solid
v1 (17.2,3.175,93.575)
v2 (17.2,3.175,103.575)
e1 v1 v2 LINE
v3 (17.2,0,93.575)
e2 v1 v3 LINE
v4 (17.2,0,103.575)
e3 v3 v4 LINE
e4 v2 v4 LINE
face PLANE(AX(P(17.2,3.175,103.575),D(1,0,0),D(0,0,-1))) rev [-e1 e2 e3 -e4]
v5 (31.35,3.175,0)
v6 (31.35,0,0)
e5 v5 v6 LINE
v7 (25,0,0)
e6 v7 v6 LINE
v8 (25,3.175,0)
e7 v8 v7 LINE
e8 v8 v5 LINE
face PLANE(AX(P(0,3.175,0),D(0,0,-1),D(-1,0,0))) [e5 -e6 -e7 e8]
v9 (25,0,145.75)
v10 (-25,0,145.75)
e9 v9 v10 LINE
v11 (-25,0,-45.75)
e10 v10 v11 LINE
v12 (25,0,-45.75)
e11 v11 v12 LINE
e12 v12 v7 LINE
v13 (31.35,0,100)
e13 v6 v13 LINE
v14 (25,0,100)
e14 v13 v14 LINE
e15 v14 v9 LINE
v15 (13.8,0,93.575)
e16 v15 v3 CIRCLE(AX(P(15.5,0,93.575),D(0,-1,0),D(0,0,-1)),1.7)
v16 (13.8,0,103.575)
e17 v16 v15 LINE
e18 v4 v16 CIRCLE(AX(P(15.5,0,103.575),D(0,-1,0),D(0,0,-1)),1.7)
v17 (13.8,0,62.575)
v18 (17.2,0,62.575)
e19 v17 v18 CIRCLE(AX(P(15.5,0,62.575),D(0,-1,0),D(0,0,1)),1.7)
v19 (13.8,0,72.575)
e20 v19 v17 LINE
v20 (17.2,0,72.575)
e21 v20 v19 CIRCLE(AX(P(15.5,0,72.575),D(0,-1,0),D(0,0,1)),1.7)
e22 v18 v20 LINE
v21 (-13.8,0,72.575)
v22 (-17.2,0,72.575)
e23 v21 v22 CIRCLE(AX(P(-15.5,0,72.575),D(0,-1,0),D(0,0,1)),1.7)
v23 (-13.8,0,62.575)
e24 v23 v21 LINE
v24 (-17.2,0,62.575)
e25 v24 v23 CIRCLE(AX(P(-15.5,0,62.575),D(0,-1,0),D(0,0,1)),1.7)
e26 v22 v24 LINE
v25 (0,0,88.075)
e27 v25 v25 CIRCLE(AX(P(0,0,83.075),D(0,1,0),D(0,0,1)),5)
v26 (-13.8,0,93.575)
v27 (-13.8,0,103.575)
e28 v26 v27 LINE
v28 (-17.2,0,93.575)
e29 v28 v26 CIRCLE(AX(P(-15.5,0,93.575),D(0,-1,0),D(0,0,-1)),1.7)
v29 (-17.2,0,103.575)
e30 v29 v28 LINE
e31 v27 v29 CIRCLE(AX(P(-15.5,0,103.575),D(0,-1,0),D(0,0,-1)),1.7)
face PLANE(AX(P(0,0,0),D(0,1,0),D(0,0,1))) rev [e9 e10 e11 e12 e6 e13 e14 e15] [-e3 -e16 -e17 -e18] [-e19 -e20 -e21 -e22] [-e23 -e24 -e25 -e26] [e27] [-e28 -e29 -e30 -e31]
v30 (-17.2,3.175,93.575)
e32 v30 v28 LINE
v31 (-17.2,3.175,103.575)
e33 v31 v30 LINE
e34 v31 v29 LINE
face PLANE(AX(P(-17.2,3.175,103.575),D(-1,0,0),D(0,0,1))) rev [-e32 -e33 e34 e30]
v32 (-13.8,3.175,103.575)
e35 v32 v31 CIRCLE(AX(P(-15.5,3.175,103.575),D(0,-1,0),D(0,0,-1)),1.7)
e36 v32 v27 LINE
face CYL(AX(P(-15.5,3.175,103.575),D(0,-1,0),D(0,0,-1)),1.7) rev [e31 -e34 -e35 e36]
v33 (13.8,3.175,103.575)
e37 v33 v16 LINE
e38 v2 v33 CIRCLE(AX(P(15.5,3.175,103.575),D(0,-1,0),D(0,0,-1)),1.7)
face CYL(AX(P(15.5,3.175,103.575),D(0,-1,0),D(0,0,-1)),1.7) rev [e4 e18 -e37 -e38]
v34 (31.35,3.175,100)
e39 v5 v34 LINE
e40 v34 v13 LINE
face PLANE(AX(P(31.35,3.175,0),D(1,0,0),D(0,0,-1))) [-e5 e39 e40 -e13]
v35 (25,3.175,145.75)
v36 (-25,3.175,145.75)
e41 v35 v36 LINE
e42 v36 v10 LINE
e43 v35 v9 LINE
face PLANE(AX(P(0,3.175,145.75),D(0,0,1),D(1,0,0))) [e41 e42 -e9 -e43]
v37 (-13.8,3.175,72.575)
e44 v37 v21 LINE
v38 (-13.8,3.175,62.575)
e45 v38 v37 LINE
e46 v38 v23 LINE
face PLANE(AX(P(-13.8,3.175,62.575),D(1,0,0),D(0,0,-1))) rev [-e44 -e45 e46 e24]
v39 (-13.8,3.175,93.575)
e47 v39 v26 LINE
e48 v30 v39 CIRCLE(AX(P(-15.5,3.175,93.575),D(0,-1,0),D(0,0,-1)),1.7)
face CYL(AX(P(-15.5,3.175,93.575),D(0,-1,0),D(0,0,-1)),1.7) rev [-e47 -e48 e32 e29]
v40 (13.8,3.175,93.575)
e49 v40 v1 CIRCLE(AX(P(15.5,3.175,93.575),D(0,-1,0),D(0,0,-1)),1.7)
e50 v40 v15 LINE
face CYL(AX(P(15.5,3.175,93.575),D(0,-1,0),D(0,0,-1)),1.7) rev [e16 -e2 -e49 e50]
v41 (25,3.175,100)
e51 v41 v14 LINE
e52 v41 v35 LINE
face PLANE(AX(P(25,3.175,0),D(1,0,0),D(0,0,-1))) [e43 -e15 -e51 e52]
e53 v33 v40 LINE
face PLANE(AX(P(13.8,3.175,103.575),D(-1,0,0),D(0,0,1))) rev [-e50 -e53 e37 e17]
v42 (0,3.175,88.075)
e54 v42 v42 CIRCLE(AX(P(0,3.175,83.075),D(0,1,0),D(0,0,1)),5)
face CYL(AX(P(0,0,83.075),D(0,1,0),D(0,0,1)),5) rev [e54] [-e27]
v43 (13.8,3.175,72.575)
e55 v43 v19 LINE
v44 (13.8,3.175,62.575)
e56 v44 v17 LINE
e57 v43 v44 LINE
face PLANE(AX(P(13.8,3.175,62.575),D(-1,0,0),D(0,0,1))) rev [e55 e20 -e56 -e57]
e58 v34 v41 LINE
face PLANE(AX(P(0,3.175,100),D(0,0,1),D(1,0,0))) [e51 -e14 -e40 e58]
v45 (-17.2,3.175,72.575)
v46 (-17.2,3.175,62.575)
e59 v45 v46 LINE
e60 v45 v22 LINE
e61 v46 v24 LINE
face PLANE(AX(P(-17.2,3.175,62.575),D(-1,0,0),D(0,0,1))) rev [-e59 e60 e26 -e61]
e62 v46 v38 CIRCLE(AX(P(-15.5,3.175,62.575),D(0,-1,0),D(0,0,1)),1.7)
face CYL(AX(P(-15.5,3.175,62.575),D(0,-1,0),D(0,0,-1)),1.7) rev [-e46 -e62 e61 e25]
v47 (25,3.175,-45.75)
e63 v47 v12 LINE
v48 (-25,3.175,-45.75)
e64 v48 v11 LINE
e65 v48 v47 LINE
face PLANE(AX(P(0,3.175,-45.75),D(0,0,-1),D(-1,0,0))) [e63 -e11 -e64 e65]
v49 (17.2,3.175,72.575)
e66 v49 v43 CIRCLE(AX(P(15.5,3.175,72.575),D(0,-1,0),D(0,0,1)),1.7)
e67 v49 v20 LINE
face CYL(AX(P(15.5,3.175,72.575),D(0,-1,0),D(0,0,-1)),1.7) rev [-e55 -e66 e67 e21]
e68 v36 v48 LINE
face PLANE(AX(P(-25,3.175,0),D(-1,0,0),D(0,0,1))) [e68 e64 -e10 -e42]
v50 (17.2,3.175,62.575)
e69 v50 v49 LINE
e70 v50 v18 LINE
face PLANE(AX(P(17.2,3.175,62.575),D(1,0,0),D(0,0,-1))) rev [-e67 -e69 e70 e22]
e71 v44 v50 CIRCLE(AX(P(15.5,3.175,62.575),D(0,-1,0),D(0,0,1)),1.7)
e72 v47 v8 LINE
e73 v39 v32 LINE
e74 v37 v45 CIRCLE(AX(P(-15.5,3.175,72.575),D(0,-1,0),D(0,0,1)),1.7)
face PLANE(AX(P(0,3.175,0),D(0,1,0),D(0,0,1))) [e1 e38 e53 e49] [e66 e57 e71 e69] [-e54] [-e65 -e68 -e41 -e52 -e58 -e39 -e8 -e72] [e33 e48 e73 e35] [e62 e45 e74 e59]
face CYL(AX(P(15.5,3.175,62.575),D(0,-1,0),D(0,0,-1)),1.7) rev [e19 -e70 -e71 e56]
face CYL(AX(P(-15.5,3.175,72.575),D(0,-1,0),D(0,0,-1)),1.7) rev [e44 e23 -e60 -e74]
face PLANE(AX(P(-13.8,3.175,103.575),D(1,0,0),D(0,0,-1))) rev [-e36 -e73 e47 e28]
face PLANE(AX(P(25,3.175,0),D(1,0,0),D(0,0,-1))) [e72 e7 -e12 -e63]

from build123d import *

# Parameters (mm, degrees)
BOSS_EXTRUDE1_DEPTH  = 3.175
SKETCH3_R            = 5
CUT_EXTRUDE1_DEPTH   = 150.117288149
M3_CLEARANCE_HOLE1_D = 3.4
CUT_EXTRUDE2_DEPTH   = 150.117288149


with BuildPart() as part:
    # Sketch1 → Boss-Extrude1 (new body)
    with BuildSketch(Plane(origin=(0, 0, 0), x_dir=(1, 0, 0), z_dir=(0, 1, 0))):
        Polygon((-25, 0), (-25, 45.75), (25, 45.75), (25, 0), (31.35, 0), (31.35, -100), (25, -100), (25, -145.75), (-25, -145.75), (-25, -100), align=None)
    extrude(amount=BOSS_EXTRUDE1_DEPTH)

    # Sketch3 → Cut-Extrude1 (cut, through all)
    with BuildSketch(Plane(origin=(0, 3.175, 0), x_dir=(1, 0, 0), z_dir=(0, 1, 0))):
        with Locations(Location((0, -83.075, 0), (0, 0, 270))):
            Circle(SKETCH3_R)
    extrude(amount=-CUT_EXTRUDE1_DEPTH, mode=Mode.SUBTRACT)

    # M3 Clearance Hole1 (through all)
    with Locations(Plane(origin=(0, 3.175, 0), x_dir=(1, 0, 0), z_dir=(0, 1, 0))):
        with Locations((15.5, -98.575), (-15.5, -98.575), (-15.5, -67.575), (15.5, -67.575)):
            Hole(M3_CLEARANCE_HOLE1_D / 2)

    # Sketch6 → Cut-Extrude2 (cut, through all)
    with BuildSketch(Plane.XZ):
        with BuildLine():
            Line((17.2, 103.575), (17.2, 93.575))
            ThreePointArc((17.2, 93.575), (15.5, 91.875), (13.8, 93.575))
            Line((13.8, 93.575), (13.8, 103.575))
            ThreePointArc((13.8, 103.575), (15.5, 105.275), (17.2, 103.575))
        make_face()
        with BuildLine():
            Line((-13.8, 103.575), (-13.8, 93.575))
            ThreePointArc((-13.8, 93.575), (-15.5, 91.875), (-17.2, 93.575))
            Line((-17.2, 93.575), (-17.2, 103.575))
            ThreePointArc((-17.2, 103.575), (-15.5, 105.275), (-13.8, 103.575))
        make_face()
        with BuildLine():
            Line((17.2, 62.575), (17.2, 72.575))
            ThreePointArc((17.2, 72.575), (15.5, 74.275), (13.8, 72.575))
            Line((13.8, 72.575), (13.8, 62.575))
            ThreePointArc((13.8, 62.575), (15.5, 60.875), (17.2, 62.575))
        make_face()
        with BuildLine():
            Line((-13.8, 62.575), (-13.8, 72.575))
            ThreePointArc((-13.8, 72.575), (-15.5, 74.275), (-17.2, 72.575))
            Line((-17.2, 72.575), (-17.2, 62.575))
            ThreePointArc((-17.2, 62.575), (-15.5, 60.875), (-13.8, 62.575))
        make_face()
    extrude(amount=-CUT_EXTRUDE2_DEPTH, mode=Mode.SUBTRACT)


solid = part.part
